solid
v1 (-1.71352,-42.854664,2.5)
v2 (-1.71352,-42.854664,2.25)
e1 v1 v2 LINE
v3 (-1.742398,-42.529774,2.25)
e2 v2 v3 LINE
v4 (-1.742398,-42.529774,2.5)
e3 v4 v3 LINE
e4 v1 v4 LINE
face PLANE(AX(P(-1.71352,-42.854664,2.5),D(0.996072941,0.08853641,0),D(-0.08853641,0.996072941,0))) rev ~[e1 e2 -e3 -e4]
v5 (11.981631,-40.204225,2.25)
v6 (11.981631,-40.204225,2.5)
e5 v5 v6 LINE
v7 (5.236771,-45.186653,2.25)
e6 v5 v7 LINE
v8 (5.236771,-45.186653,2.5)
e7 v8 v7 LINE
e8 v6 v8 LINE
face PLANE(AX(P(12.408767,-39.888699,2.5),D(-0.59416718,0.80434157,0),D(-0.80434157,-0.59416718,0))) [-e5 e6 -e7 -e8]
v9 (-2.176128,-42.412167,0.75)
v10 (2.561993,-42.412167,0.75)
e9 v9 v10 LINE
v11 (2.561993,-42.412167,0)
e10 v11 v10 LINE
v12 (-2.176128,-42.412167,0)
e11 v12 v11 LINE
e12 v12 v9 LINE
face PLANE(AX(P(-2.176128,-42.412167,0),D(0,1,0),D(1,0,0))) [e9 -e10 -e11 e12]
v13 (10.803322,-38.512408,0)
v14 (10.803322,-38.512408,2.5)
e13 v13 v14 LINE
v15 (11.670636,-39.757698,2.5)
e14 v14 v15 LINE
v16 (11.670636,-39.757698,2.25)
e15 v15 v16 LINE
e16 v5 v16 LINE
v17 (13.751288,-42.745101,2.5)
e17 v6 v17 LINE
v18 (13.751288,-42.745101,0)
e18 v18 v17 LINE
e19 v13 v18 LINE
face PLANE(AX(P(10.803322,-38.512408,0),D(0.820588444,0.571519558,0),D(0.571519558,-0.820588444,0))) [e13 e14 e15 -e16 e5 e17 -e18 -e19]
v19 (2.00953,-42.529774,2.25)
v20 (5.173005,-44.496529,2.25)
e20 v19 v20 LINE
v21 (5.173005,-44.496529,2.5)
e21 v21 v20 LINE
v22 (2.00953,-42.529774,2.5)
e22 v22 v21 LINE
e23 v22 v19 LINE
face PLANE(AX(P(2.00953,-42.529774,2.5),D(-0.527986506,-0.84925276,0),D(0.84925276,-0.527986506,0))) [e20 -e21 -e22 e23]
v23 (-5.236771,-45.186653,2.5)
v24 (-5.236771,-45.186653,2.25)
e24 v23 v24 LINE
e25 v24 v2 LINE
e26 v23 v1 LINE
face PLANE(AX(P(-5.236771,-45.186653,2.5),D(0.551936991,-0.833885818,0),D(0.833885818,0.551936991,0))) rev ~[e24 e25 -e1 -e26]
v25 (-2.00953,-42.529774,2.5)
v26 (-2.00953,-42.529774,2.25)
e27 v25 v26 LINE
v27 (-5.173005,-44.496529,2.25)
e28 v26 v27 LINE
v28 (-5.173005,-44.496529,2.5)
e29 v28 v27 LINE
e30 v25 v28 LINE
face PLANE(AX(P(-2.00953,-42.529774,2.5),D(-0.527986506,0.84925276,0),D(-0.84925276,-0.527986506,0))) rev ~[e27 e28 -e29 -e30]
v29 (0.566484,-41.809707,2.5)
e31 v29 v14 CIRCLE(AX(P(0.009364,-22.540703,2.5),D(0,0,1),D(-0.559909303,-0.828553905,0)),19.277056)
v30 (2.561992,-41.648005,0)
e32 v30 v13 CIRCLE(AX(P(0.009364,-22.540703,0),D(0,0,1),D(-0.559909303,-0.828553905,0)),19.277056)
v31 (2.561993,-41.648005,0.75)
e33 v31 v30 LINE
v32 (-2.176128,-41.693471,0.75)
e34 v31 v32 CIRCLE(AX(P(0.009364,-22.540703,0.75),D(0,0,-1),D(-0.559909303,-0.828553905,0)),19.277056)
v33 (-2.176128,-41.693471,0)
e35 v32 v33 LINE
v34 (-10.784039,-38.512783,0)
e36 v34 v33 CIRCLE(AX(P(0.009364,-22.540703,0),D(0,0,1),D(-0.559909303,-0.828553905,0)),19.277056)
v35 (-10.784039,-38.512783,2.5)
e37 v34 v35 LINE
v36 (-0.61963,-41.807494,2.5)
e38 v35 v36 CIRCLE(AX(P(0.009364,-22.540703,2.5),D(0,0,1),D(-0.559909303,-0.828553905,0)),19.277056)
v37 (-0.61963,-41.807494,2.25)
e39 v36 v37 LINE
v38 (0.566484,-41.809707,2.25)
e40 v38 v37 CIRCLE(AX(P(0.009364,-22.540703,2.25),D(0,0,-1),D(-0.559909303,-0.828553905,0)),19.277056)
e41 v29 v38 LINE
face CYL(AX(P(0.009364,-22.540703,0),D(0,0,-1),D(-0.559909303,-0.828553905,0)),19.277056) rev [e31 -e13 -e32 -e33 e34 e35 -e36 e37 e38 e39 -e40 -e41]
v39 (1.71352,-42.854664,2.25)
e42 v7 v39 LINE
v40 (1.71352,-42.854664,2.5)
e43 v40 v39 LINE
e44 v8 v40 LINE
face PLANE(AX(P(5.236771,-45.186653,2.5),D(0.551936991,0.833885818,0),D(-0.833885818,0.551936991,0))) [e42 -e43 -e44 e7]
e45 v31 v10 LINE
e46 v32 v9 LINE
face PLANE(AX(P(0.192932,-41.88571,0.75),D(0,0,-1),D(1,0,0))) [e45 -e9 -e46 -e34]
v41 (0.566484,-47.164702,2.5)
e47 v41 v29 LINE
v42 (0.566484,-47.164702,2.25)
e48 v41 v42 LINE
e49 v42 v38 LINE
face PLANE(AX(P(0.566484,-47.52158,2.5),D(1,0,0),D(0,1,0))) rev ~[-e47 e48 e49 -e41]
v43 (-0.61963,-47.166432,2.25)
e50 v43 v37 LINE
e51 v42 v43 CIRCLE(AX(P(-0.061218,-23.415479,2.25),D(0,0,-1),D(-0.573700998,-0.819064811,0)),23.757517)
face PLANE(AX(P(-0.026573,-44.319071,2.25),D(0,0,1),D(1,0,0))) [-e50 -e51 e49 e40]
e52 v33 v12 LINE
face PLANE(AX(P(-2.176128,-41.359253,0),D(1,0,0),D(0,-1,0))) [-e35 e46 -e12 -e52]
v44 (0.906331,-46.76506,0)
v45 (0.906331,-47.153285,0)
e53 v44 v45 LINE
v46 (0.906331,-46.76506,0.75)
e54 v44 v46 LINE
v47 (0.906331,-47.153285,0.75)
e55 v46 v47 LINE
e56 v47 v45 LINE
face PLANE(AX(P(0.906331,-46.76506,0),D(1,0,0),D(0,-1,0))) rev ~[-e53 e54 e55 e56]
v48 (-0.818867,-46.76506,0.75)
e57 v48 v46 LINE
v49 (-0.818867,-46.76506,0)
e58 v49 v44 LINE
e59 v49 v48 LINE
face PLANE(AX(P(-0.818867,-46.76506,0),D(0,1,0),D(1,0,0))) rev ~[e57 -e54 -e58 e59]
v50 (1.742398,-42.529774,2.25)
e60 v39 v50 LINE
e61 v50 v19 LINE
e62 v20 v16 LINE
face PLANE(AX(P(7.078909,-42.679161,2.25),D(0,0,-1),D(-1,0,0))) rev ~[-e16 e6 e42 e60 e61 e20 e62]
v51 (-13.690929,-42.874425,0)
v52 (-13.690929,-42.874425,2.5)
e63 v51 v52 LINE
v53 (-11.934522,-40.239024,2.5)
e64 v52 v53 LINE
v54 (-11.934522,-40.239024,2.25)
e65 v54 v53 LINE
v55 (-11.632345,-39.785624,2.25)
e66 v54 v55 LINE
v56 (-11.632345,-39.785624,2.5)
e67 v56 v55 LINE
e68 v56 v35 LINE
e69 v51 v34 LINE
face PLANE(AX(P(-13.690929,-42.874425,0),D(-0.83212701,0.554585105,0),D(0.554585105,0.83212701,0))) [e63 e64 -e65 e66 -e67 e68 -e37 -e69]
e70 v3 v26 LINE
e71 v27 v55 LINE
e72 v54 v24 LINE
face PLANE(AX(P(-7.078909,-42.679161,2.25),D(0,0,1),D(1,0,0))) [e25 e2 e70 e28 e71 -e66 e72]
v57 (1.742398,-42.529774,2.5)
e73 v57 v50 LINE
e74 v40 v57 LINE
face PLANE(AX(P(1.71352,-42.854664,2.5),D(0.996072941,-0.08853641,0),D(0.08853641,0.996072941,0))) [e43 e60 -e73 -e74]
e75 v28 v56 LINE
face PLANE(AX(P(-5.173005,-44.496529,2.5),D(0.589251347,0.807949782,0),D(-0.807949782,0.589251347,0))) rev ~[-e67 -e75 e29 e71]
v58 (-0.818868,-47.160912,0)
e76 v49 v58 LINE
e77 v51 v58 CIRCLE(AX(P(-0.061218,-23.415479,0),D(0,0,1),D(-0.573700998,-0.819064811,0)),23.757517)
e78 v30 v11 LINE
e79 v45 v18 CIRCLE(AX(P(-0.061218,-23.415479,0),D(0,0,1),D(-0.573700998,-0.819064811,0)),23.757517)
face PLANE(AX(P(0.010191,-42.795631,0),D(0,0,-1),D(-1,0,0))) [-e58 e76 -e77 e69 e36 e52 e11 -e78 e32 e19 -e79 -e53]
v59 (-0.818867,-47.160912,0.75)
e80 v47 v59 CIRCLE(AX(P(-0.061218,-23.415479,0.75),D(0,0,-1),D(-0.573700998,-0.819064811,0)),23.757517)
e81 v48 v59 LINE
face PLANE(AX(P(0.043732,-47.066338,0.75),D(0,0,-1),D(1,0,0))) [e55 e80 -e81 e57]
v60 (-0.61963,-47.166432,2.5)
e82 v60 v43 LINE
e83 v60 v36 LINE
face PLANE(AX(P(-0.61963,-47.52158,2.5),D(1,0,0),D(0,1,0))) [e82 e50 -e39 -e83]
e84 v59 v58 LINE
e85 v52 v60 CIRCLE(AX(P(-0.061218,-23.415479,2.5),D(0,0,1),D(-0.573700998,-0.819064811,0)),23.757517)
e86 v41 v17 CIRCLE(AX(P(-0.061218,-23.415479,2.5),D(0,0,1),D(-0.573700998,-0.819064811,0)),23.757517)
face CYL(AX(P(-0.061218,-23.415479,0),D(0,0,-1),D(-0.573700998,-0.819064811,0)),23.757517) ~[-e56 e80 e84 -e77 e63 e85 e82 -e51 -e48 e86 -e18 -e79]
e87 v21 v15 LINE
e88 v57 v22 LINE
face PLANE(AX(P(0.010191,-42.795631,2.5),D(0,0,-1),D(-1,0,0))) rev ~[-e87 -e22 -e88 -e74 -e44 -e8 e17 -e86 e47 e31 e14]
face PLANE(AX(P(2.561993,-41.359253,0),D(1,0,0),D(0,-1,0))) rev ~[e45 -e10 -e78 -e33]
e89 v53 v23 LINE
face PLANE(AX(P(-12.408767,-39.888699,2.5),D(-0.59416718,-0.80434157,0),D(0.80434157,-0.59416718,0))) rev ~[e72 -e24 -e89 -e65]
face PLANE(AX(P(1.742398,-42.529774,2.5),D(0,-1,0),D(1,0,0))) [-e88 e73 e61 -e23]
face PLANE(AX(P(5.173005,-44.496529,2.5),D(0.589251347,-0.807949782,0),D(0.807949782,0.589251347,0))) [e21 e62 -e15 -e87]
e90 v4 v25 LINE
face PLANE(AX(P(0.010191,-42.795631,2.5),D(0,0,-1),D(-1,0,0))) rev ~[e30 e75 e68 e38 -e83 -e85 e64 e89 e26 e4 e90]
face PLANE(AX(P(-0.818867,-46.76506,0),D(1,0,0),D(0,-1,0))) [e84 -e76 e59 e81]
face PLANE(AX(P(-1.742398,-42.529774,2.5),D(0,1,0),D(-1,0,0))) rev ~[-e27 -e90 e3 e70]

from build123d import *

# Parameters (mm, degrees)
PAD_DEPTH       = 2.5
POCKET_DEPTH    = 0.25
POCKET001_DEPTH = 0.25
SKETCH003_W     = 1.186114
SKETCH003_H     = 6.405018
POCKET002_DEPTH = 0.25
SKETCH004_W     = 1.725199
SKETCH004_H     = 0.602555
POCKET003_DEPTH = 0.75
SKETCH005_W     = 4.738121
SKETCH005_H     = 1.052914
POCKET004_DEPTH = 0.75


with BuildPart() as part:
    # Sketch → Pad (new body)
    with BuildSketch(Plane.XY):
        with BuildLine():
            Line((-13.690929, -42.874425), (-10.784039, -38.512783))
            ThreePointArc((-10.784039, -38.512783), (0.009699, -41.817759), (10.803322, -38.512408))
            Line((10.803322, -38.512408), (13.751288, -42.745101))
            ThreePointArc((-13.690929, -42.874425), (0.05074, -47.172732), (13.751288, -42.745101))
        make_face()
    extrude(amount=PAD_DEPTH)

    # Sketch001 (on Face6 of Pad) → Pocket (cut)
    with BuildSketch(Plane.XY.offset(2.5)):
        Polygon((-12.408767, -39.888699), (-5.236771, -45.186653), (-1.71352, -42.854664), (-1.742398, -42.529774), (-2.00953, -42.529774), (-5.173005, -44.496529), (-12.043387, -39.485844), align=None)
    extrude(amount=-POCKET_DEPTH, mode=Mode.SUBTRACT)

    # MirroredSketch → Pocket001 (cut)
    with BuildSketch(Plane.XY.offset(2.5)):
        Polygon((12.408767, -39.888699), (5.236771, -45.186653), (1.71352, -42.854664), (1.742398, -42.529774), (2.00953, -42.529774), (5.173005, -44.496529), (12.043387, -39.485844), align=None)
    extrude(amount=-POCKET001_DEPTH, mode=Mode.SUBTRACT)

    # Sketch003 (on Face4 of Pocket001) → Pocket002 (cut)
    with BuildSketch(Plane.XY.offset(2.5)):
        with Locations((-0.026573, -44.319071)):
            Rectangle(SKETCH003_W, SKETCH003_H)
    extrude(amount=-POCKET002_DEPTH, mode=Mode.SUBTRACT)

    # Sketch004 (on Face2 of Pocket002) → Pocket003 (cut)
    with BuildSketch(Plane(origin=(0, 0, 0), x_dir=(1, 0, 0), z_dir=(0, 0, -1))):
        with Locations((0.043732, 47.066338)):
            Rectangle(SKETCH004_W, SKETCH004_H)
    extrude(amount=-POCKET003_DEPTH, mode=Mode.SUBTRACT)

    # Sketch005 (on Face2 of Pocket003) → Pocket004 (cut)
    with BuildSketch(Plane(origin=(0, 0, 0), x_dir=(1, 0, 0), z_dir=(0, 0, -1))):
        with Locations((0.192932, 41.88571)):
            Rectangle(SKETCH005_W, SKETCH005_H)
    extrude(amount=-POCKET004_DEPTH, mode=Mode.SUBTRACT)


solid = part.part
